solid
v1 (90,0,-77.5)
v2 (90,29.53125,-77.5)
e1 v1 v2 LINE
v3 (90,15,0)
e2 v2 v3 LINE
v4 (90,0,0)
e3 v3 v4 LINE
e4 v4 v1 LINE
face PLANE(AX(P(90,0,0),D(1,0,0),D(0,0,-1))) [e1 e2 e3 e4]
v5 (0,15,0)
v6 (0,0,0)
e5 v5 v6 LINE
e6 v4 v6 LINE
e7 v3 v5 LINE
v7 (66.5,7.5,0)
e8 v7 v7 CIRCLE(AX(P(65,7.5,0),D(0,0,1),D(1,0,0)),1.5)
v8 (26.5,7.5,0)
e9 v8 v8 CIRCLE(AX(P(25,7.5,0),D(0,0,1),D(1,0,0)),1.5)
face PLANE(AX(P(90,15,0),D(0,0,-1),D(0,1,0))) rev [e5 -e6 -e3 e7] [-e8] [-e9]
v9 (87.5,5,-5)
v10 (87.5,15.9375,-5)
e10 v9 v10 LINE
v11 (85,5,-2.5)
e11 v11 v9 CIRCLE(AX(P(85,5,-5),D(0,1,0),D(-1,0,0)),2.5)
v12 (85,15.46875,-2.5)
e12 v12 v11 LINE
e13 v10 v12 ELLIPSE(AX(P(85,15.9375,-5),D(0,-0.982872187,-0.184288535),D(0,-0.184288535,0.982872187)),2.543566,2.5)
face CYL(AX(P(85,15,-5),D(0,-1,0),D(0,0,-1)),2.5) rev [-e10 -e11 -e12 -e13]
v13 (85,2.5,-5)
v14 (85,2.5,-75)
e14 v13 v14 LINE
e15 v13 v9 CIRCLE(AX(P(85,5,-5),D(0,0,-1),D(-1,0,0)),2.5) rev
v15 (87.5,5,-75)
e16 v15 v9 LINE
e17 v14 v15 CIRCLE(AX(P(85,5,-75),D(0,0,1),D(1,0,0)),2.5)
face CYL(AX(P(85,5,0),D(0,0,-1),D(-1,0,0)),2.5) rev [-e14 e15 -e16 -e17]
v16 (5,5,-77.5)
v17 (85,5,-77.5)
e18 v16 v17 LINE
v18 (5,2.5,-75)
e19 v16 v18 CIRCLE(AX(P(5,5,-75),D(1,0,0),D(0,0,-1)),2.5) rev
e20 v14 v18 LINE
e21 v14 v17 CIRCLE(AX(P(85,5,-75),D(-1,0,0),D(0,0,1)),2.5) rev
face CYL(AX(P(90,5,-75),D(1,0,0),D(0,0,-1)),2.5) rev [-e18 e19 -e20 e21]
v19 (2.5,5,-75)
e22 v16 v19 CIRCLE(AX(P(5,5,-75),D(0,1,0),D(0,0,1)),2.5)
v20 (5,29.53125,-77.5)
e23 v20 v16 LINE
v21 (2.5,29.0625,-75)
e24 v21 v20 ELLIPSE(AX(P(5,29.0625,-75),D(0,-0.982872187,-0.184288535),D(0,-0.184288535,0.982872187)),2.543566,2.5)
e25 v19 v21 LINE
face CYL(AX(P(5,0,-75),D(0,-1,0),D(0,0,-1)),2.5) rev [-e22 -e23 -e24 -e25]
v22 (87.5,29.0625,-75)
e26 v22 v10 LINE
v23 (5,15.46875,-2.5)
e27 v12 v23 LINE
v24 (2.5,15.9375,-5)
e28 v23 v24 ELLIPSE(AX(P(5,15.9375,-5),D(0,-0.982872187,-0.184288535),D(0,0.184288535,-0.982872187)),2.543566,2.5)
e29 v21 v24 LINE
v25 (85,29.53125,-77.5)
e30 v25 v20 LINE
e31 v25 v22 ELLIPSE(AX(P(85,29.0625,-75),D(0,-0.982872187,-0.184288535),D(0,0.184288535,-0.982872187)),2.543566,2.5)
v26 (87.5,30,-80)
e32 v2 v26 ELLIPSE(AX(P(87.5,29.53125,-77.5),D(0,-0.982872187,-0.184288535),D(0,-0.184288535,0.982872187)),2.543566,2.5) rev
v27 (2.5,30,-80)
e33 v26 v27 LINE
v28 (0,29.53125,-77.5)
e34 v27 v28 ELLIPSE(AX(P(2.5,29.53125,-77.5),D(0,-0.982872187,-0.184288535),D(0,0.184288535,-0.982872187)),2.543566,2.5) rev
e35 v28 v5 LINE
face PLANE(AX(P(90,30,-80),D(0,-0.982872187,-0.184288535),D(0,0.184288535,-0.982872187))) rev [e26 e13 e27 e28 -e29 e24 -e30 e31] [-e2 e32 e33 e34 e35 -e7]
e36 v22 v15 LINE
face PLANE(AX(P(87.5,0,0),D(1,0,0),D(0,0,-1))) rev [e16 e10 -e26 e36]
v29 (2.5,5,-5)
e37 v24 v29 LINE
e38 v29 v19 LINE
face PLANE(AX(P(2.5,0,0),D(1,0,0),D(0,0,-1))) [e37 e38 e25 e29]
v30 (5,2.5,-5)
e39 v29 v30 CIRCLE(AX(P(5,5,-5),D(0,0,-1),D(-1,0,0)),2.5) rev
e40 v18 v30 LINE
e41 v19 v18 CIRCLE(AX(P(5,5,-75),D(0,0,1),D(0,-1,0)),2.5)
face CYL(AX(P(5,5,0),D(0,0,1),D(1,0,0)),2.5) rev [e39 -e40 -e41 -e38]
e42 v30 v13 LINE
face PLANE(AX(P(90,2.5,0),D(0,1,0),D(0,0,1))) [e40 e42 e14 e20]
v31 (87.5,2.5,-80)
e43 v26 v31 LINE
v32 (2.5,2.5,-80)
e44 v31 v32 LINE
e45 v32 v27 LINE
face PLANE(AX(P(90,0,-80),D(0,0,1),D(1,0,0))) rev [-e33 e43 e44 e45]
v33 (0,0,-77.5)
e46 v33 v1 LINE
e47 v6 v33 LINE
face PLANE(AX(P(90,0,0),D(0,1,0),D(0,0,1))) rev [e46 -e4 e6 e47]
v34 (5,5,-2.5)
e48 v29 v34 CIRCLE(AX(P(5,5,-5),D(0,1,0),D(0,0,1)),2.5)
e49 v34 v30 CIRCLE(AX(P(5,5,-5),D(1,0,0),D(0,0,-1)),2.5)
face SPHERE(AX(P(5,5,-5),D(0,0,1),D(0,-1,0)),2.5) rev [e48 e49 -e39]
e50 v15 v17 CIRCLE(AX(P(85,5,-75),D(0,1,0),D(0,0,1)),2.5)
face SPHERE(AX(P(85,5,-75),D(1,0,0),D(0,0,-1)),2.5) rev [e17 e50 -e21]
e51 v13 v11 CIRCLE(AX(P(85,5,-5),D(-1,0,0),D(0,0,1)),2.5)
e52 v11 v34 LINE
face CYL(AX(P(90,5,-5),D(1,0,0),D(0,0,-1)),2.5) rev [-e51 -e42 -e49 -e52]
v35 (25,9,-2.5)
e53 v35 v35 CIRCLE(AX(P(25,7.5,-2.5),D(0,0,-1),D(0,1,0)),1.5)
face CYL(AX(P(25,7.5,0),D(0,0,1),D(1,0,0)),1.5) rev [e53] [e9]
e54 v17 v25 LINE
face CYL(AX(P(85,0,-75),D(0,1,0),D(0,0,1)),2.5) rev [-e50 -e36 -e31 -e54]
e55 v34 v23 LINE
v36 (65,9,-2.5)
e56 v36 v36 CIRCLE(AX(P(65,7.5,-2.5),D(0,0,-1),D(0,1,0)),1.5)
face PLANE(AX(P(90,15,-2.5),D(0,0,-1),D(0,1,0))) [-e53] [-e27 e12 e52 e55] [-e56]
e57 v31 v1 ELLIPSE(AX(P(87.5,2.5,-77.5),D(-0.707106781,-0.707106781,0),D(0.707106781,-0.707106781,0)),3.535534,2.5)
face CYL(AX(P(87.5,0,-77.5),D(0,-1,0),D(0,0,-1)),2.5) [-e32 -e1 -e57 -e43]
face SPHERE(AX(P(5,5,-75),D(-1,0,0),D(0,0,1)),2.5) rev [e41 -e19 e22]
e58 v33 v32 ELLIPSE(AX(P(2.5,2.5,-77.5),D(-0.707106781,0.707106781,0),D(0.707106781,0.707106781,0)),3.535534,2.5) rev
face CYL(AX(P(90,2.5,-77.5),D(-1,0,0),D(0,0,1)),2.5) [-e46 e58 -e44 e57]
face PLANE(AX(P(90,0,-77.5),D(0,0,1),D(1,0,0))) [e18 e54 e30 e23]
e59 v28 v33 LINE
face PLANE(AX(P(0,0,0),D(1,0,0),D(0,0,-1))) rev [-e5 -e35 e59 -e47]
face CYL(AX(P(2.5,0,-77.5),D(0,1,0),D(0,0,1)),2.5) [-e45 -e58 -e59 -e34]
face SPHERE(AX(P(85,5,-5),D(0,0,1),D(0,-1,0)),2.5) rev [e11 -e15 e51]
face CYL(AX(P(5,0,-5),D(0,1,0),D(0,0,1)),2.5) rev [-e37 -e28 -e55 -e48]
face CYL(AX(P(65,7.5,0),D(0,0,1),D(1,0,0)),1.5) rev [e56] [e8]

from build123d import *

# Parameters (mm, degrees)
BOSS_EXTRUDE1_DEPTH       = 90
SHELL1_T                  = -2.5
FILLET1_R                 = 2.5
F_3_0MM_DOWEL_HOLE1_D     = 3
F_3_0MM_DOWEL_HOLE1_DEPTH = 2.5


with BuildPart() as part:
    # Sketch2 → Boss-Extrude1 (new body)
    with BuildSketch(Plane(origin=(0, 0, 0), x_dir=(0, 0, -1), z_dir=(1, 0, 0))):
        Polygon((0, 0), (80, 0), (80, 30), (0, 15), align=None)
    extrude(amount=BOSS_EXTRUDE1_DEPTH)

    # Shell1
    shell1_openings = [part.faces().sort_by_distance(p)[0] for p in [
        (45, 22.5, -40),
    ]]
    offset(amount=SHELL1_T, openings=shell1_openings, kind=Kind.INTERSECTION)

    # Fillet1
    fillet1_edges = [part.edges().sort_by_distance(p)[0] for p in [
        (90, 15, -80),
        (2.5, 8.984375, -2.5),
        (2.5, 2.5, -40),
        (45, 2.5, -2.5),
        (2.5, 16.015625, -77.5),
        (45, 2.5, -77.5),
        (87.5, 8.984375, -2.5),
        (87.5, 2.5, -40),
        (87.5, 16.015625, -77.5),
        (0, 15, -80),
        (45, 0, -80),
    ]]
    fillet(fillet1_edges, radius=FILLET1_R)

    # Ø3.0mm Dowel Hole1
    with Locations(Plane.XY):
        with Locations((25, 7.5), (65, 7.5)):
            Hole(F_3_0MM_DOWEL_HOLE1_D / 2, depth=F_3_0MM_DOWEL_HOLE1_DEPTH)


solid = part.part
